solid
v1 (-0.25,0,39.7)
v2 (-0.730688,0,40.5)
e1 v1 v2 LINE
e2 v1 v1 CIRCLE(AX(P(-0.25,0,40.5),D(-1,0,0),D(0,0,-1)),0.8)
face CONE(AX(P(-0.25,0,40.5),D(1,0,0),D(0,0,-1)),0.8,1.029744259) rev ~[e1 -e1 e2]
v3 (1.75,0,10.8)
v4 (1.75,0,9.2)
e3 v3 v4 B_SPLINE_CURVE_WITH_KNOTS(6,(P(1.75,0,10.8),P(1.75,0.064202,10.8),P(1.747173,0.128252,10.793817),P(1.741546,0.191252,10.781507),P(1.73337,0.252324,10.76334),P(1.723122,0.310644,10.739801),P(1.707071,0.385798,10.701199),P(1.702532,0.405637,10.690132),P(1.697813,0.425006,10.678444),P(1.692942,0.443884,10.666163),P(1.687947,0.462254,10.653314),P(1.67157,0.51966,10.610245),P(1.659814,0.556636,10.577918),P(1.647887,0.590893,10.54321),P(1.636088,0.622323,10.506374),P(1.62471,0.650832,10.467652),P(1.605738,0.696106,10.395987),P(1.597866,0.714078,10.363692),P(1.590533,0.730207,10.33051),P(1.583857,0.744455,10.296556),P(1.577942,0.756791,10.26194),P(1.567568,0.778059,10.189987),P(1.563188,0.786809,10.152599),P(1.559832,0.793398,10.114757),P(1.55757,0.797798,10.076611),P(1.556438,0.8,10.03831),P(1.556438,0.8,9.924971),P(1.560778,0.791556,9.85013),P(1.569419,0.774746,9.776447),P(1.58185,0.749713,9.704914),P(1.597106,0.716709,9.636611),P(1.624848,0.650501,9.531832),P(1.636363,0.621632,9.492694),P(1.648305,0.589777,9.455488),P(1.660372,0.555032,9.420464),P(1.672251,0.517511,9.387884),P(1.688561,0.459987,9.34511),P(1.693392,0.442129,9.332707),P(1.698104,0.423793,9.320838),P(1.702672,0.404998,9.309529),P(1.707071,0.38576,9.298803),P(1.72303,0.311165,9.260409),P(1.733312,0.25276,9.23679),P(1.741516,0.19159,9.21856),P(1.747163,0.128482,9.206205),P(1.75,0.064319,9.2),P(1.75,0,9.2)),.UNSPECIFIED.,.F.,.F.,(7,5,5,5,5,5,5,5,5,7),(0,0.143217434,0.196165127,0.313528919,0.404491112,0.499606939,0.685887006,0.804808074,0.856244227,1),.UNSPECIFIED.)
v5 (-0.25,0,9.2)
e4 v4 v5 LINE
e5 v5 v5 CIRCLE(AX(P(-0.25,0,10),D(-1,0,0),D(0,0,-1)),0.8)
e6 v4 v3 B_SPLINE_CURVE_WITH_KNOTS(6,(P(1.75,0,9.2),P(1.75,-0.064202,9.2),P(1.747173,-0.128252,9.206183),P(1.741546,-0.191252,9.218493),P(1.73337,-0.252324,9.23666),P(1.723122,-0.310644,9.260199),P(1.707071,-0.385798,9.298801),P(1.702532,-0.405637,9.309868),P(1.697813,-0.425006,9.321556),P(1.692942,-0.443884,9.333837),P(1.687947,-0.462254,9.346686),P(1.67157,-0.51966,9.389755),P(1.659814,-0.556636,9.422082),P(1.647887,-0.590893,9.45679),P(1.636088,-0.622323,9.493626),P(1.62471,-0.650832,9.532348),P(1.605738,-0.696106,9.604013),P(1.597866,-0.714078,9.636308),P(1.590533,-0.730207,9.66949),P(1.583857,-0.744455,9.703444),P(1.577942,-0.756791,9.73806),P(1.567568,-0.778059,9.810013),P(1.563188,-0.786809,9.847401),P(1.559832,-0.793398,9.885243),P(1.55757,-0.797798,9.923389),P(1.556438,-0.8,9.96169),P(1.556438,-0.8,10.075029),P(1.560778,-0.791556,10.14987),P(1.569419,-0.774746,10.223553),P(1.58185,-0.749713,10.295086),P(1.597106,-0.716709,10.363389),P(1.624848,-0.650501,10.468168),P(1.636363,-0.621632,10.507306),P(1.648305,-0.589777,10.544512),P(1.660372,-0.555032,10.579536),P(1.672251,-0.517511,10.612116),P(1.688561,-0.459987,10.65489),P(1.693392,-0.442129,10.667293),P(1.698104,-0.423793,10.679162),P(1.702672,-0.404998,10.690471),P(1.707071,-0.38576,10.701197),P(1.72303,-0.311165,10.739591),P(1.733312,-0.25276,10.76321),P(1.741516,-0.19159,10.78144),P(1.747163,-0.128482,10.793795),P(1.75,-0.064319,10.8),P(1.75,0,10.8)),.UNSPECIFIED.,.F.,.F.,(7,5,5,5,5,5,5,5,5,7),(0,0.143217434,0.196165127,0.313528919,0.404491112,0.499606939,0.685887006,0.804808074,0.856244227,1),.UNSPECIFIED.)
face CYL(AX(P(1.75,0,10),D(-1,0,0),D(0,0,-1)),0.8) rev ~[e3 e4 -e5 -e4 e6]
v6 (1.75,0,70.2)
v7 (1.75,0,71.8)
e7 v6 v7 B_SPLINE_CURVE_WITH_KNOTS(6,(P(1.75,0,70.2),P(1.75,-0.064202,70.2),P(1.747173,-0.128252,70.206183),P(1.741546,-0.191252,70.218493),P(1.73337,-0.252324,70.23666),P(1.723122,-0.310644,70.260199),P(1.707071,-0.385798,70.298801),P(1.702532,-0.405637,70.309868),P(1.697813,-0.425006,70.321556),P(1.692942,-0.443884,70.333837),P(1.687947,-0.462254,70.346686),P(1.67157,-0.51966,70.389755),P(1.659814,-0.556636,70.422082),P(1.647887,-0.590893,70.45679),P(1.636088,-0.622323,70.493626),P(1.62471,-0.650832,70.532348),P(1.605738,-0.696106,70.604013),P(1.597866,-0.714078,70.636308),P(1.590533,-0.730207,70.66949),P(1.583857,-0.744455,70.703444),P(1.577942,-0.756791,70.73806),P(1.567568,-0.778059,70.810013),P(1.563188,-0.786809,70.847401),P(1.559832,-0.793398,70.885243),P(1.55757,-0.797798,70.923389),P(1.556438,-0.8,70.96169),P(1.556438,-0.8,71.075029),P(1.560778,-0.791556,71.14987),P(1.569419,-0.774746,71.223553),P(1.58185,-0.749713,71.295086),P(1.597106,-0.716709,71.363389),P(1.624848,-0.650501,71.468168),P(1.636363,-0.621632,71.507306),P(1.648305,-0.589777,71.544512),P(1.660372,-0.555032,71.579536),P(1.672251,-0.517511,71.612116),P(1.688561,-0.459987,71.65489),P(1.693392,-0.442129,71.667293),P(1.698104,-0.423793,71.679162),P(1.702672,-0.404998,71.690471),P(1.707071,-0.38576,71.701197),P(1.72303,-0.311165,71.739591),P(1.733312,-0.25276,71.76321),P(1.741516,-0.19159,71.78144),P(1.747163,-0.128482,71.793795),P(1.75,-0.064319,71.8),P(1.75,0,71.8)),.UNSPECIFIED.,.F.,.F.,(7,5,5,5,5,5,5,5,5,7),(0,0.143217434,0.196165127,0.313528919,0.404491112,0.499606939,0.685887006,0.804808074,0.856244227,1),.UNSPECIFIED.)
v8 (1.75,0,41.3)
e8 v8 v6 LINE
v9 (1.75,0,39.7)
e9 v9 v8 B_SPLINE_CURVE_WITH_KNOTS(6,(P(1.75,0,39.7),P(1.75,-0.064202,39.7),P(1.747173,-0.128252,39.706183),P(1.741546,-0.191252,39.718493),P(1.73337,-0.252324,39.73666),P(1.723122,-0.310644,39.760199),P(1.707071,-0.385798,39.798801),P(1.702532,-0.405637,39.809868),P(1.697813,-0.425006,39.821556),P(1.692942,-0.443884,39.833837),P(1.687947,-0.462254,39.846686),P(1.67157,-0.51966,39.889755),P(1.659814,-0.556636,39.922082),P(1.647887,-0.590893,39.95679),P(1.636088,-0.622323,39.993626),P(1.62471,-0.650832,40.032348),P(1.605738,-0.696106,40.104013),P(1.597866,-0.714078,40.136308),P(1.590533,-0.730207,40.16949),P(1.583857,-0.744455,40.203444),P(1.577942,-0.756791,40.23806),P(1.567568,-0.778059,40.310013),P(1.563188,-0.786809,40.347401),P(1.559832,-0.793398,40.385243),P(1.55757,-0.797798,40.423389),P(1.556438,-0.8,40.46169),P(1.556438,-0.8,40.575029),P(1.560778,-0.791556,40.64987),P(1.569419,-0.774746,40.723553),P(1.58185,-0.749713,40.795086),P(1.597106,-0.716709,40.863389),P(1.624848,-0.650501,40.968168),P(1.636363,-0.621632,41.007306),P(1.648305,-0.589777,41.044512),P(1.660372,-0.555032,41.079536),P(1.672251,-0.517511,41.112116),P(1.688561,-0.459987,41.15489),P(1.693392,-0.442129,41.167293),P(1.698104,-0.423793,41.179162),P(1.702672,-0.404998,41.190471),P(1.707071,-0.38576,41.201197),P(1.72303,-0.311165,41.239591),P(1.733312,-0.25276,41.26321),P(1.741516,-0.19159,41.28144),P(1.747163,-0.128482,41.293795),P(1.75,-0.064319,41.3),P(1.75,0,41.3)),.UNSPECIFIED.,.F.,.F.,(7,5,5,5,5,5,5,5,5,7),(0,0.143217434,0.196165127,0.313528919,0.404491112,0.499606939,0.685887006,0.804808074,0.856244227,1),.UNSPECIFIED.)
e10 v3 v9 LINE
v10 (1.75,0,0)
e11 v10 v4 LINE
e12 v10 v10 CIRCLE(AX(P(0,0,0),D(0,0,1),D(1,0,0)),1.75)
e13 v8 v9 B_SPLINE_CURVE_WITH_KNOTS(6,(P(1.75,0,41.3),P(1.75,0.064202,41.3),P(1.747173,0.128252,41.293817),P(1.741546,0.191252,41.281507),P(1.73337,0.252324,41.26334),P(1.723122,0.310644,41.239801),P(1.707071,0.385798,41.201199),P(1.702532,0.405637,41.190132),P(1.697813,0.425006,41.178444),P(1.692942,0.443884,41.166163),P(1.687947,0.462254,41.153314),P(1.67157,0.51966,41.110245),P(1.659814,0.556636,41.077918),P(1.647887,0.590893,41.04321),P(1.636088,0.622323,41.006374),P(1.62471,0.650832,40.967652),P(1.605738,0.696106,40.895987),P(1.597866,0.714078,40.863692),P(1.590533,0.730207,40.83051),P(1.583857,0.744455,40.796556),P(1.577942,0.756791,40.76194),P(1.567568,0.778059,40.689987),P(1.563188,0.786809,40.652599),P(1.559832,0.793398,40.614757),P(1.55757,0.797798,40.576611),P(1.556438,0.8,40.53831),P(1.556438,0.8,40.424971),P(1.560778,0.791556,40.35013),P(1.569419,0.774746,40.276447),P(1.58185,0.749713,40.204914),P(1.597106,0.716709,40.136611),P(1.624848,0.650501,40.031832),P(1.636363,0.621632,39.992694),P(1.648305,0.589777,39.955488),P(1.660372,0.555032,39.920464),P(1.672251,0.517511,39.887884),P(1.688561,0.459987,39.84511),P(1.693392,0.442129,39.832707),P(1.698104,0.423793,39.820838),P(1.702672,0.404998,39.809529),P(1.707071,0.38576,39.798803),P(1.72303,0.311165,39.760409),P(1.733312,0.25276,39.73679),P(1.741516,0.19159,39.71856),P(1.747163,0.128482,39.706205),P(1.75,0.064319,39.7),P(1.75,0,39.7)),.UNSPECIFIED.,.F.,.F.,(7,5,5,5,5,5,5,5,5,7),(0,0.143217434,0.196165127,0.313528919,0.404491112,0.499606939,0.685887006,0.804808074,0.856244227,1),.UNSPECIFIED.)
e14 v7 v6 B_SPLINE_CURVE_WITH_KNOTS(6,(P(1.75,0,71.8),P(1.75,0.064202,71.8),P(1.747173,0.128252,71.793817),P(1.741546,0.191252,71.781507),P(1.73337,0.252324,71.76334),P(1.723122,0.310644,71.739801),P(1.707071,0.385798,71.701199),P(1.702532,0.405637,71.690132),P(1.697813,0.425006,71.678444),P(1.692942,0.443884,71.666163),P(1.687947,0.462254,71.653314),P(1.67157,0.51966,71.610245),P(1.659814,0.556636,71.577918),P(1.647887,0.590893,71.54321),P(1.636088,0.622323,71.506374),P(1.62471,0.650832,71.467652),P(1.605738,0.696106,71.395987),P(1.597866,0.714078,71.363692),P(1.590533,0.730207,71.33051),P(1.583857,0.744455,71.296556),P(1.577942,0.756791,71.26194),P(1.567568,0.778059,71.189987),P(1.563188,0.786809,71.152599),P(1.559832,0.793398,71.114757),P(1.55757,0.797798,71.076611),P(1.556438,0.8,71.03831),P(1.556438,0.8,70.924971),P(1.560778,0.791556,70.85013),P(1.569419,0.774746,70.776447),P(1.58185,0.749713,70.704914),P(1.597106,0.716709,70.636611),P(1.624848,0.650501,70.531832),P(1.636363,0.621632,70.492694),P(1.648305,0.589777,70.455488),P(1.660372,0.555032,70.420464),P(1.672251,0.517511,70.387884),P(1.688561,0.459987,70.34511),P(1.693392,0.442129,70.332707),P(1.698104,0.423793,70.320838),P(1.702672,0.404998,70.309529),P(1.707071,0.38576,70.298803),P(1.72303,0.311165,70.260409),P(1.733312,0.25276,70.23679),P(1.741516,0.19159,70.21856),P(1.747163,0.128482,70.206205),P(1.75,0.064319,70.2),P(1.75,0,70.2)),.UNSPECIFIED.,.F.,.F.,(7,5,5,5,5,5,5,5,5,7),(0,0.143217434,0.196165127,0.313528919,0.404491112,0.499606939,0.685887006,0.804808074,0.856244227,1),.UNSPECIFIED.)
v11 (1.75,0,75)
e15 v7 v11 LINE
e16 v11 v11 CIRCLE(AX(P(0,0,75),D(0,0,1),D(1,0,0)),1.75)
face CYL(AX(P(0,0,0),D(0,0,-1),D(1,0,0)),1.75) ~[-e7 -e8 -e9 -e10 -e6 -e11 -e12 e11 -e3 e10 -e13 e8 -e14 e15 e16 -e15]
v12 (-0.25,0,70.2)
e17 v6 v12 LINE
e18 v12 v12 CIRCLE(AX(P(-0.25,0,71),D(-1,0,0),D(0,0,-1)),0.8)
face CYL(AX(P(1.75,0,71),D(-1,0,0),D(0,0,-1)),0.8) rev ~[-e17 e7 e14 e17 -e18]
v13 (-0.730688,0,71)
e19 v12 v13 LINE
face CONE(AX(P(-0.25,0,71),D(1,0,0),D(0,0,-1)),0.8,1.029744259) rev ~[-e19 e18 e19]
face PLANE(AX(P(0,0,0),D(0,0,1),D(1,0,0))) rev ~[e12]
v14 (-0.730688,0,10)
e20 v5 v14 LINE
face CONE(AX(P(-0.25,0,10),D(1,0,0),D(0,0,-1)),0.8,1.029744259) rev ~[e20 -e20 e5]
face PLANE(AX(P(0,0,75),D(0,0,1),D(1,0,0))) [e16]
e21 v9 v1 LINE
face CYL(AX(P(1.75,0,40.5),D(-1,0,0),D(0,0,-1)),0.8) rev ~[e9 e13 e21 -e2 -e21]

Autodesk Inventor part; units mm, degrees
ref_plane "XZ Plane" through (0, 0, 0) normal (0, 1, 0) x (-1, 0, 0)
ref_plane "XY Plane" through (0, 0, 0) normal (0, 0, 1) x (1, 0, 0)
sketch "Skizze1" plane through (0, 0, 0) normal (0, 0, 1) x (1, 0, 0)
  circle A0 centre (0, 0) radius 1.75
  dimension "d0" = 3.5
extrude "Extrusion1" add sketch "Skizze1" along normal blind 75
ref_plane "Arbeitsebene2" through (1.75, 0, 0) normal (1, 0, 0) x (0, 1, 0)
sketch "Skizze8" plane through (1.75, 0, 0) normal (1, 0, 0) x (0, 1, 0)
  line L0 (0, 0) -> (0, 10) construction
  line L1 (0, 10) -> (0, 40.5) construction
  line L2 (0, 40.5) -> (0, 71) construction
  dimension "d14" = 10
  dimension "d15" = 30.5
  dimension "d16" = 30.5
hole "Bohrung2" at (1.75, 0, 10) at (1.75, 0, 40.5) at (1.75, 0, 71) at (1.75, 0, 10) at (1.75, 0, 40.5) at (1.75, 0, 71) direction (-1, 0, 0) diameter 1.6 depth 2 tip angle 118 clearance for "Flachkopfmaschinenschraube (82)" size "#0" standard "ANSI UST"
properties part number "cu_stange"
